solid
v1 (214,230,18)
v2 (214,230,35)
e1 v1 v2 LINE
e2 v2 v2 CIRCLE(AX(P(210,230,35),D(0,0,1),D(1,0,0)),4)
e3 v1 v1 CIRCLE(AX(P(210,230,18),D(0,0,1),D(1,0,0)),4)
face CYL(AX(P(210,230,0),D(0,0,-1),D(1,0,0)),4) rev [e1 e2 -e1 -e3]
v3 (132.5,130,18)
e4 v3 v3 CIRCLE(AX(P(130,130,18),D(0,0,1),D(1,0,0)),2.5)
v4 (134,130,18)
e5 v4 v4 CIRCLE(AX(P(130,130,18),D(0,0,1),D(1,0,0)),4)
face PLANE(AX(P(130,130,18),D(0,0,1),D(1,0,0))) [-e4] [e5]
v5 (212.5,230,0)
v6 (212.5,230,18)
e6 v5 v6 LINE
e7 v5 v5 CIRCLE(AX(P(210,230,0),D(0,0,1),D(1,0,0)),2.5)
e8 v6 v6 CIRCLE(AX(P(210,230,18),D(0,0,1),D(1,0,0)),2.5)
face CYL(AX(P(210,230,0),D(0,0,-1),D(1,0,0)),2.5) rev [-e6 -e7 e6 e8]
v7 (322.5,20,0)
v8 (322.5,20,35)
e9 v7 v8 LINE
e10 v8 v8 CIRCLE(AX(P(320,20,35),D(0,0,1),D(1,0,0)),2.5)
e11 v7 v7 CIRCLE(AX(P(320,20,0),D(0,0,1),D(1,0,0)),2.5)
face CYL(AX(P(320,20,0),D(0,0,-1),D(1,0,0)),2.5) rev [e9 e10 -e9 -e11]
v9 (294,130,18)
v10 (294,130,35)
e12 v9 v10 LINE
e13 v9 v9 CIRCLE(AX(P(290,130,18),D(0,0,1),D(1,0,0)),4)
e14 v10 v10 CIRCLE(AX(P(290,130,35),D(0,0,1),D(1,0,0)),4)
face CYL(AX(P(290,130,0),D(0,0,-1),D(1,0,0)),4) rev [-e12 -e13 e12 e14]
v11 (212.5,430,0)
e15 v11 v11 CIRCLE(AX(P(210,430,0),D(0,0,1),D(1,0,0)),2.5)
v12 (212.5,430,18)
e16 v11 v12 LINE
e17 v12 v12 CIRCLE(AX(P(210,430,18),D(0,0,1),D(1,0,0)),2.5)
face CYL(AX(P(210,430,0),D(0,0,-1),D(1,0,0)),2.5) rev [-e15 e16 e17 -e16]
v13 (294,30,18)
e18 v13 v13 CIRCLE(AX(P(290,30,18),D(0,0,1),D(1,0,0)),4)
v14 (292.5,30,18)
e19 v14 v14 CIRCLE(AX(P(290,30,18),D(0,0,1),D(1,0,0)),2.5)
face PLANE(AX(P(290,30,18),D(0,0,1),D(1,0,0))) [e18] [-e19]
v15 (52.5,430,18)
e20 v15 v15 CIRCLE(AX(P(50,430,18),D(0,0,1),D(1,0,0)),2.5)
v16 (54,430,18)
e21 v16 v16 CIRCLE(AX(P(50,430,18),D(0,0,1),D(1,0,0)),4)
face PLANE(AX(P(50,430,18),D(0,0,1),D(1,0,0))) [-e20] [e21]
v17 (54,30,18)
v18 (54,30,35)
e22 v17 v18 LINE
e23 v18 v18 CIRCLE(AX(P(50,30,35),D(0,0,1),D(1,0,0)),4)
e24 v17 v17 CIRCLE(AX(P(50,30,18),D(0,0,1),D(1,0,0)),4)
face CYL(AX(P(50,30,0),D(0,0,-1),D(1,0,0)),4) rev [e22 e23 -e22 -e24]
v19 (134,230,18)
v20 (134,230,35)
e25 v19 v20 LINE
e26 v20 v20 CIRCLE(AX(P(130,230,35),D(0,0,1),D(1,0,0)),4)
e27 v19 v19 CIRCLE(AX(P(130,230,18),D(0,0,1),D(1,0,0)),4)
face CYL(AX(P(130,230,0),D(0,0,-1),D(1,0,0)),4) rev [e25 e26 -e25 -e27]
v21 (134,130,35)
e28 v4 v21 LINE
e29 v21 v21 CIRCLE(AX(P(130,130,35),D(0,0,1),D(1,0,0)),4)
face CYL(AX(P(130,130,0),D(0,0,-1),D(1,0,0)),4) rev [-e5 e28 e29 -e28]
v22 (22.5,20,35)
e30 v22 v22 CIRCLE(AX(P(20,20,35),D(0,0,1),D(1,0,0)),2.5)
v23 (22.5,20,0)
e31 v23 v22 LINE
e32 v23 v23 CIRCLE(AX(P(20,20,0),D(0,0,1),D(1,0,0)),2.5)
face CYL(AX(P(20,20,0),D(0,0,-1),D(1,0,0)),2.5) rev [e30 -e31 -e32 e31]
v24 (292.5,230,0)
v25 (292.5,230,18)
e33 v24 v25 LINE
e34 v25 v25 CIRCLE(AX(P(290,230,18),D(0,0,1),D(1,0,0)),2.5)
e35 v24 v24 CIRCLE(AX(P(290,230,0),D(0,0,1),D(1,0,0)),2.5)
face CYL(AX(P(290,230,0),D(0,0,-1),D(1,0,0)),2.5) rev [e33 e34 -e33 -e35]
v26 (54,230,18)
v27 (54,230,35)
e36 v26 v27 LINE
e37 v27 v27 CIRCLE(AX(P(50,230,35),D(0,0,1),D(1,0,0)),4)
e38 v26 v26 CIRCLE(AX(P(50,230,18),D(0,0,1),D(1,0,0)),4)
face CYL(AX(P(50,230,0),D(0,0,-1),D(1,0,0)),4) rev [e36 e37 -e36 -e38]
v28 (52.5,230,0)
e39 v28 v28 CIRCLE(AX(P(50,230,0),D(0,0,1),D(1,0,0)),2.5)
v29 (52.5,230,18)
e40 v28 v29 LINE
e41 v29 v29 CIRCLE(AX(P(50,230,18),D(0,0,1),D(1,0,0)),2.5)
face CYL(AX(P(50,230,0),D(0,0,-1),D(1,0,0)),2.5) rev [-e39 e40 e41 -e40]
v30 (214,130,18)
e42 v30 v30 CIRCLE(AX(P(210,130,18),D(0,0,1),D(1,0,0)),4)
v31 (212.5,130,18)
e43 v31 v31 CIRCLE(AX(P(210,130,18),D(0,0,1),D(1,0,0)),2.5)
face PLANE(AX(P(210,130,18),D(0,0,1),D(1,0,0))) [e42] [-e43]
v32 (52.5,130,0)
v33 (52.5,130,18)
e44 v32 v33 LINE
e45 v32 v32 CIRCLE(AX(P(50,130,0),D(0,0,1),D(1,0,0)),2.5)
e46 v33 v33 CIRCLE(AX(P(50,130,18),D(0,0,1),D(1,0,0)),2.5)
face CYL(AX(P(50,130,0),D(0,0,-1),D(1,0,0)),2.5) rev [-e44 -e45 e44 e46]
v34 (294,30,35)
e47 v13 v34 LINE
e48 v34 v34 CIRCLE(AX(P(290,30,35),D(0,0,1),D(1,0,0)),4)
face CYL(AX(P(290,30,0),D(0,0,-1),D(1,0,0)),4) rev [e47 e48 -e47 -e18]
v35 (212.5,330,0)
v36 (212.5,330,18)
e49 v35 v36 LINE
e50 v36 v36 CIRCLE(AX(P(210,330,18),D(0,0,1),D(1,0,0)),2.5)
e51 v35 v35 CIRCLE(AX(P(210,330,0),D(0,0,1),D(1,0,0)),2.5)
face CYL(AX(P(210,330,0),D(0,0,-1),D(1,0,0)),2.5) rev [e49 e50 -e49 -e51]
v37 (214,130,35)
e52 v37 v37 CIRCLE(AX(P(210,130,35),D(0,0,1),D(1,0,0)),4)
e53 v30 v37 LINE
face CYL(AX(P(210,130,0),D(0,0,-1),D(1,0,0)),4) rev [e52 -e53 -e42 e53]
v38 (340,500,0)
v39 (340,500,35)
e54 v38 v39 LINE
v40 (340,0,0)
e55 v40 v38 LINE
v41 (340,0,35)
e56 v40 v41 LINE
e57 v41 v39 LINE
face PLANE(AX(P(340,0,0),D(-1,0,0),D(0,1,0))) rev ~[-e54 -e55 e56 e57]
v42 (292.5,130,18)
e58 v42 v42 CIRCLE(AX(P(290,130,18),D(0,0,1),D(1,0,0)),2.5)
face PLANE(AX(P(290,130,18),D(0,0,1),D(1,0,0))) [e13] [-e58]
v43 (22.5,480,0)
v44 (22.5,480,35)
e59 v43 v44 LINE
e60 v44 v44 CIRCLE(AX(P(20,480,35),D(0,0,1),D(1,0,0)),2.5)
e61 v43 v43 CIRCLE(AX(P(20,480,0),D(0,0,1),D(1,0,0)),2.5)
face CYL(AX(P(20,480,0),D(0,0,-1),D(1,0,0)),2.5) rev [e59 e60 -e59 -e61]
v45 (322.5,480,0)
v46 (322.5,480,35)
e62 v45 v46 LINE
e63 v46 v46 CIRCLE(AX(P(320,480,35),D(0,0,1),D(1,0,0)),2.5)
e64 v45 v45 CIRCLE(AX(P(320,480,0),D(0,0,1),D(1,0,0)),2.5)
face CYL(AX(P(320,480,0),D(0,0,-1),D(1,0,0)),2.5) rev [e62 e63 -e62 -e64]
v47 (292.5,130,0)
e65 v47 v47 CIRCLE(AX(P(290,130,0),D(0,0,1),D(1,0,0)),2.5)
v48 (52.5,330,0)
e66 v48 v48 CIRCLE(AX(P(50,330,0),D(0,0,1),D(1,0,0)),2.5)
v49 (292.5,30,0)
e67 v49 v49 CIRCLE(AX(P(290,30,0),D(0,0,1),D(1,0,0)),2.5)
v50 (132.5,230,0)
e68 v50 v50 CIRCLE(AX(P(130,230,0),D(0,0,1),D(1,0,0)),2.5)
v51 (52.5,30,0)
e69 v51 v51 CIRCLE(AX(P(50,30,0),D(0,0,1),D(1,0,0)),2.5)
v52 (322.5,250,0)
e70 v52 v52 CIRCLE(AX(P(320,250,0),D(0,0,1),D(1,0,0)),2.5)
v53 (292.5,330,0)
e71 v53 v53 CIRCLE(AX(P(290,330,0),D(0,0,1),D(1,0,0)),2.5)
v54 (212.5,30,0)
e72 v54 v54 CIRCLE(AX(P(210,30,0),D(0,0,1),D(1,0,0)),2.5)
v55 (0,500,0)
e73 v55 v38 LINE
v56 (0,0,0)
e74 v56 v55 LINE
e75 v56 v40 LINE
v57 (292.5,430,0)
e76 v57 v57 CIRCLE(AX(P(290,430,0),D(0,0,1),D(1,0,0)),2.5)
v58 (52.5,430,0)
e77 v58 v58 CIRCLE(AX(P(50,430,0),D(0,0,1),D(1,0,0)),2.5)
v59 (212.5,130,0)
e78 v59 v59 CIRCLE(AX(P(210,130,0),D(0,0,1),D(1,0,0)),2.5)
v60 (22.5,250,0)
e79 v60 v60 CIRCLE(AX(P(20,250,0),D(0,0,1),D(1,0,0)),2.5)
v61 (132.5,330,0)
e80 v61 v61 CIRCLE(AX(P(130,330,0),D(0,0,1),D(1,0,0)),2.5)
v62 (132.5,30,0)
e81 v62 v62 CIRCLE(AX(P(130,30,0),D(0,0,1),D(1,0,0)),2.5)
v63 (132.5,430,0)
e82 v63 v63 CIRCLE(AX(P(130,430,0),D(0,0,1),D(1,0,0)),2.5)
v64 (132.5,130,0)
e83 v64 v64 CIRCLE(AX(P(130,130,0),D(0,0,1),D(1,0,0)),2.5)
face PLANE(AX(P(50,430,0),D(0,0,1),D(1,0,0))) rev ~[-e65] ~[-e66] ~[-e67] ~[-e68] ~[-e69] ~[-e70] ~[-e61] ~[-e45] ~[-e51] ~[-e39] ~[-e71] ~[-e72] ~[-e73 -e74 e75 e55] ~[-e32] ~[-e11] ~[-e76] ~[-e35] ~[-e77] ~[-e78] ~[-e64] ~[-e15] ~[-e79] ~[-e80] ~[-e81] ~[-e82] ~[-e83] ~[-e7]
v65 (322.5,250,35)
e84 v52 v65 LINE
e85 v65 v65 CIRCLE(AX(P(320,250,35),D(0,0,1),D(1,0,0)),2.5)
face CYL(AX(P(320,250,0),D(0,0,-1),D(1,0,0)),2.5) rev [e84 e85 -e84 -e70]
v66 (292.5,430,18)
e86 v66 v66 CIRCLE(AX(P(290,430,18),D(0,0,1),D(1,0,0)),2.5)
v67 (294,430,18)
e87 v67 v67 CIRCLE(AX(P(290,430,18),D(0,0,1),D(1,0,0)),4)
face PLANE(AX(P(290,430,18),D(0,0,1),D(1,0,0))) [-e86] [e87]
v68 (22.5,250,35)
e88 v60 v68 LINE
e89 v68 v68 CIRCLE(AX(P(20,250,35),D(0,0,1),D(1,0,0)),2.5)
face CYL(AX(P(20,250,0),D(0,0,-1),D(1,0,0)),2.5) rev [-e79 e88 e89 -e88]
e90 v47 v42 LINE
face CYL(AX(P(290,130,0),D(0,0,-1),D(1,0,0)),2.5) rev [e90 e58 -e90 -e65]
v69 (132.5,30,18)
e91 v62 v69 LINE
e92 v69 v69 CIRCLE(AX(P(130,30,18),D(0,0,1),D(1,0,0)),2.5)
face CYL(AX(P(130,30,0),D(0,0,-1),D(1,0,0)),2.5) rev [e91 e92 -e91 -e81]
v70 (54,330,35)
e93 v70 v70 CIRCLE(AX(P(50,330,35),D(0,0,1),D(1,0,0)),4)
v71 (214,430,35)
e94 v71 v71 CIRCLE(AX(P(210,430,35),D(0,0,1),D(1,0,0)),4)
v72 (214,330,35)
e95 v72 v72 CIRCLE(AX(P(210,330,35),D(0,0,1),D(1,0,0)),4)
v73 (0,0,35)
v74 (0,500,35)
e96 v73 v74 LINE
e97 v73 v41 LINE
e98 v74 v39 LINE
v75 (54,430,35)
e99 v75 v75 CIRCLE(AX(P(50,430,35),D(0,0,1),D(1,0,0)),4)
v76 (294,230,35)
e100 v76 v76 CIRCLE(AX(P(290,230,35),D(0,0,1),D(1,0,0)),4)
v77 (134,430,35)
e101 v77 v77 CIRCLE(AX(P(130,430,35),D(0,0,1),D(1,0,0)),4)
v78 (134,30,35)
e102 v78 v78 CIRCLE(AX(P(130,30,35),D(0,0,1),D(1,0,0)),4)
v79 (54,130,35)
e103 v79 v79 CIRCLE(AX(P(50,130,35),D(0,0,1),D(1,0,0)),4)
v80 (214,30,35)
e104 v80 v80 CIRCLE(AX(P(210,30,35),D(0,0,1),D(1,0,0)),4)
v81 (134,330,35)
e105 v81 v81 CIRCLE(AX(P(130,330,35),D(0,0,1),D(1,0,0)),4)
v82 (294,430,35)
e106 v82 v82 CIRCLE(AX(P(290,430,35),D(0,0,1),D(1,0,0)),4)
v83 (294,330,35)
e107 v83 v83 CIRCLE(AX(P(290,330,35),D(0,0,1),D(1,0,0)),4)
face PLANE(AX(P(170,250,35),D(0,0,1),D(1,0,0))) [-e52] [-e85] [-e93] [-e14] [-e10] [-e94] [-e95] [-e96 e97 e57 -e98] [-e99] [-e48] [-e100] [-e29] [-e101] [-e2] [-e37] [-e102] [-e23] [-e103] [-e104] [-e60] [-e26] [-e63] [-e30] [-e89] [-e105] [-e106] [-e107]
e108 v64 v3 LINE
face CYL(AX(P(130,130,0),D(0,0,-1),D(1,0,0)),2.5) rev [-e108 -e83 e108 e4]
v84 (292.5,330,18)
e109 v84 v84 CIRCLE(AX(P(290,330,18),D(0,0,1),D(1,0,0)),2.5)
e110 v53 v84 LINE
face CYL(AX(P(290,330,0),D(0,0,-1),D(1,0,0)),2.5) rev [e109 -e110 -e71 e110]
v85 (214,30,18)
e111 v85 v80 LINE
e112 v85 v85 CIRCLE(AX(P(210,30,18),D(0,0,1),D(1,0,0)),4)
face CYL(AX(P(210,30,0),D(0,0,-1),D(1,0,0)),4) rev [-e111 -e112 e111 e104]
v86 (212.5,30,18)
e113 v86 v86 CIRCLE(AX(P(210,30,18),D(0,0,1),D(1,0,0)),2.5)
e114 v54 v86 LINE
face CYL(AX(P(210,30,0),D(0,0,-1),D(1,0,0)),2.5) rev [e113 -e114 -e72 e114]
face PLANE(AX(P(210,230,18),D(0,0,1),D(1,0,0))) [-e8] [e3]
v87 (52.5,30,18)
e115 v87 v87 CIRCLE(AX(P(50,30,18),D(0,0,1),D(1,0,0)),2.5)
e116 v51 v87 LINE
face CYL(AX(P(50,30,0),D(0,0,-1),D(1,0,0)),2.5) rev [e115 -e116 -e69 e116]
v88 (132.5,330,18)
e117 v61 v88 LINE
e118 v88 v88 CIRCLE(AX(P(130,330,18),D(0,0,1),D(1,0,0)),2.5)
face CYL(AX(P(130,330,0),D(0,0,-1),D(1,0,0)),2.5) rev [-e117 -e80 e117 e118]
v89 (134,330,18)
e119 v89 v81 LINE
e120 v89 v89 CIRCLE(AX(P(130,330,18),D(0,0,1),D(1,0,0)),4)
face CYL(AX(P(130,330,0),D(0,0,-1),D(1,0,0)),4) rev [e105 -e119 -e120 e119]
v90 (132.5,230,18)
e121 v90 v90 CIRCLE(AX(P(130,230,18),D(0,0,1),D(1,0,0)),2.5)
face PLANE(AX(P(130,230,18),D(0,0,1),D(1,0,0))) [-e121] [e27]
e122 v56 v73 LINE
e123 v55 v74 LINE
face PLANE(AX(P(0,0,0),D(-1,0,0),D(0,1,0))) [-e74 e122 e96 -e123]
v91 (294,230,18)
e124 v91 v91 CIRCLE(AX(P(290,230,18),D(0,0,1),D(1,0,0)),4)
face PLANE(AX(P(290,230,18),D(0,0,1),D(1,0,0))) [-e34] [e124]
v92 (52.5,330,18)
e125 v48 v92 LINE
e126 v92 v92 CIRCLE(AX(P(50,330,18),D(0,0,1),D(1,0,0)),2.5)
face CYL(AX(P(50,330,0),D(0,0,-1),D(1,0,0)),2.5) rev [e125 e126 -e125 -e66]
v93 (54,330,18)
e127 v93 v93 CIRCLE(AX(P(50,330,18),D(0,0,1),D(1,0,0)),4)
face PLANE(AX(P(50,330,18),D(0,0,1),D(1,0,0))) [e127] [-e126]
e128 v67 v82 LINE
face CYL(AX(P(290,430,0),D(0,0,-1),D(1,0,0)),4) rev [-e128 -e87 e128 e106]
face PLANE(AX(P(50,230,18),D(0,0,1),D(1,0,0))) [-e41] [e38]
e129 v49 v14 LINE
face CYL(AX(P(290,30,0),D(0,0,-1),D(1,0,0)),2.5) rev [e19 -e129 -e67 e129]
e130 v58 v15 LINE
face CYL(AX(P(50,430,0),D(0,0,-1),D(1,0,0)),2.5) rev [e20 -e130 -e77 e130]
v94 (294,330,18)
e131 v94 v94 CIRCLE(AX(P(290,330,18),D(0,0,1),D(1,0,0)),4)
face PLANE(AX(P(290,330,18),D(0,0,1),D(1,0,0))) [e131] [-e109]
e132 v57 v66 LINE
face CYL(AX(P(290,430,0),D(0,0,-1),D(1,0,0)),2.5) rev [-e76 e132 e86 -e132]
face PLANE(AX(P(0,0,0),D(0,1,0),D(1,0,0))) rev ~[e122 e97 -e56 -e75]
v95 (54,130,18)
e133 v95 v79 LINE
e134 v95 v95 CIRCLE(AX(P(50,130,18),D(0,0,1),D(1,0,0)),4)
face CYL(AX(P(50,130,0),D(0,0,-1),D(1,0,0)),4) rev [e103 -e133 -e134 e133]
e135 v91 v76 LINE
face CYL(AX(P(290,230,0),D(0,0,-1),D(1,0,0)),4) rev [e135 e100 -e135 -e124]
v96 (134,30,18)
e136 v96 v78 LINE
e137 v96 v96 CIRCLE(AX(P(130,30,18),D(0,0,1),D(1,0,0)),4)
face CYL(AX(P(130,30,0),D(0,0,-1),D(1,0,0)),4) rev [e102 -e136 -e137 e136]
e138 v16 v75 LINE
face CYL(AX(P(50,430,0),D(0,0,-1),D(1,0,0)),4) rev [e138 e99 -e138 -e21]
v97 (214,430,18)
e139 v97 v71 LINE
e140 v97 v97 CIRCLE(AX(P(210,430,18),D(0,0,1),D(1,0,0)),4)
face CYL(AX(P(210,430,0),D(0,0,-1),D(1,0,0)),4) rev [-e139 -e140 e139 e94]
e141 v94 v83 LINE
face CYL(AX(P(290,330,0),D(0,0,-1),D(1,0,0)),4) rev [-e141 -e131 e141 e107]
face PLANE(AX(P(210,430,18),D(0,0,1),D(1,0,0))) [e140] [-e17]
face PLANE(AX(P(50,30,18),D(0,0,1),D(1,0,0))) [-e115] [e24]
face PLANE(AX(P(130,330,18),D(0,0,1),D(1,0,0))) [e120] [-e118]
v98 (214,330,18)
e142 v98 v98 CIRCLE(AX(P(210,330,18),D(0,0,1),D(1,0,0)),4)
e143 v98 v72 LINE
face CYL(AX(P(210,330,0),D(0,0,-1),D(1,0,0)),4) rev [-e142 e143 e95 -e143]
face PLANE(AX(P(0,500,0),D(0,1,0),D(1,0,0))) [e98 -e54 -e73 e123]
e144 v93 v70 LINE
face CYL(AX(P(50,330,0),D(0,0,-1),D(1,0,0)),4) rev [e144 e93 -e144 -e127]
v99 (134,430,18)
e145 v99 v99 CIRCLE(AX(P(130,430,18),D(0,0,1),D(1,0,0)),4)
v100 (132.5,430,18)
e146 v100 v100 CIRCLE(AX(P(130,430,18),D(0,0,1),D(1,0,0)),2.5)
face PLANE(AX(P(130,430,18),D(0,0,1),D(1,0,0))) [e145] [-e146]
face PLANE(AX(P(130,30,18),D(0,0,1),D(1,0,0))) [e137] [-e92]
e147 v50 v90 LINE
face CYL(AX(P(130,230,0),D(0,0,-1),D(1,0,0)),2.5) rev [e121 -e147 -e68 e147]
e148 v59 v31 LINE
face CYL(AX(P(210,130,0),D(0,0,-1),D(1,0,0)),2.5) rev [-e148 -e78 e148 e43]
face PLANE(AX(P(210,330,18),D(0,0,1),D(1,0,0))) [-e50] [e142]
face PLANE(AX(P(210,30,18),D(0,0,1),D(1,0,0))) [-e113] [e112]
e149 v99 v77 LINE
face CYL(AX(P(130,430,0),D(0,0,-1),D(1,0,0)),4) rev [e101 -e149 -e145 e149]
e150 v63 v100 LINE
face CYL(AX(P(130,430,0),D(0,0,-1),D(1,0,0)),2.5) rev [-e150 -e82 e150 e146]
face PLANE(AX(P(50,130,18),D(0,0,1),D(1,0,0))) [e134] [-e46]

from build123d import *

# Parameters (mm, degrees)
F0_W     = 340
F0_H     = 500
F0_R     = 2.5
F0_R_2   = 4
F1_DEPTH = 35
F2_DEPTH = 18


with BuildPart() as f1:
    # F0 (on Top) → F1 (new body)
    with BuildSketch(Plane.XY):
        with Locations((170, 250)):
            Rectangle(F0_W, F0_H)
        with Locations((20, 20)):
            Circle(F0_R, mode=Mode.SUBTRACT)
        with Locations((50, 30)):
            Circle(F0_R_2, mode=Mode.SUBTRACT)
        with Locations((130, 30)):
            Circle(F0_R_2, mode=Mode.SUBTRACT)
        with Locations((50, 130)):
            Circle(F0_R_2, mode=Mode.SUBTRACT)
        with Locations((50, 230)):
            Circle(F0_R_2, mode=Mode.SUBTRACT)
        with Locations((130, 130)):
            Circle(F0_R_2, mode=Mode.SUBTRACT)
        with Locations((130, 230)):
            Circle(F0_R_2, mode=Mode.SUBTRACT)
        with Locations((210, 30)):
            Circle(F0_R_2, mode=Mode.SUBTRACT)
        with Locations((290, 30)):
            Circle(F0_R_2, mode=Mode.SUBTRACT)
        with Locations((320, 20)):
            Circle(F0_R, mode=Mode.SUBTRACT)
        with Locations((210, 130)):
            Circle(F0_R_2, mode=Mode.SUBTRACT)
        with Locations((210, 230)):
            Circle(F0_R_2, mode=Mode.SUBTRACT)
        with Locations((290, 130)):
            Circle(F0_R_2, mode=Mode.SUBTRACT)
        with Locations((290, 230)):
            Circle(F0_R_2, mode=Mode.SUBTRACT)
        with Locations((20, 250)):
            Circle(F0_R, mode=Mode.SUBTRACT)
        with Locations((50, 330)):
            Circle(F0_R_2, mode=Mode.SUBTRACT)
        with Locations((130, 330)):
            Circle(F0_R_2, mode=Mode.SUBTRACT)
        with Locations((50, 430)):
            Circle(F0_R_2, mode=Mode.SUBTRACT)
        with Locations((20, 480)):
            Circle(F0_R, mode=Mode.SUBTRACT)
        with Locations((130, 430)):
            Circle(F0_R_2, mode=Mode.SUBTRACT)
        with Locations((210, 330)):
            Circle(F0_R_2, mode=Mode.SUBTRACT)
        with Locations((320, 250)):
            Circle(F0_R, mode=Mode.SUBTRACT)
        with Locations((290, 330)):
            Circle(F0_R_2, mode=Mode.SUBTRACT)
        with Locations((210, 430)):
            Circle(F0_R_2, mode=Mode.SUBTRACT)
        with Locations((290, 430)):
            Circle(F0_R_2, mode=Mode.SUBTRACT)
        with Locations((320, 480)):
            Circle(F0_R, mode=Mode.SUBTRACT)
    extrude(amount=F1_DEPTH)

    # F0 (on Top) → F2 (join)
    with BuildSketch(Plane.XY):
        with Locations((50, 430)):
            Circle(F0_R_2)
        with Locations((50, 430)):
            Circle(F0_R, mode=Mode.SUBTRACT)
        with Locations((130, 430)):
            Circle(F0_R_2)
        with Locations((130, 430)):
            Circle(F0_R, mode=Mode.SUBTRACT)
        with Locations((50, 330)):
            Circle(F0_R_2)
        with Locations((50, 330)):
            Circle(F0_R, mode=Mode.SUBTRACT)
        with Locations((130, 330)):
            Circle(F0_R_2)
        with Locations((130, 330)):
            Circle(F0_R, mode=Mode.SUBTRACT)
        with Locations((210, 430)):
            Circle(F0_R_2)
        with Locations((210, 430)):
            Circle(F0_R, mode=Mode.SUBTRACT)
        with Locations((210, 330)):
            Circle(F0_R_2)
        with Locations((210, 330)):
            Circle(F0_R, mode=Mode.SUBTRACT)
        with Locations((290, 330)):
            Circle(F0_R_2)
        with Locations((290, 330)):
            Circle(F0_R, mode=Mode.SUBTRACT)
        with Locations((290, 430)):
            Circle(F0_R_2)
        with Locations((290, 430)):
            Circle(F0_R, mode=Mode.SUBTRACT)
        with Locations((50, 230)):
            Circle(F0_R_2)
        with Locations((50, 230)):
            Circle(F0_R, mode=Mode.SUBTRACT)
        with Locations((130, 230)):
            Circle(F0_R_2)
        with Locations((130, 230)):
            Circle(F0_R, mode=Mode.SUBTRACT)
        with Locations((210, 230)):
            Circle(F0_R_2)
        with Locations((210, 230)):
            Circle(F0_R, mode=Mode.SUBTRACT)
        with Locations((290, 230)):
            Circle(F0_R_2)
        with Locations((290, 230)):
            Circle(F0_R, mode=Mode.SUBTRACT)
        with Locations((50, 130)):
            Circle(F0_R_2)
        with Locations((50, 130)):
            Circle(F0_R, mode=Mode.SUBTRACT)
        with Locations((130, 130)):
            Circle(F0_R_2)
        with Locations((130, 130)):
            Circle(F0_R, mode=Mode.SUBTRACT)
        with Locations((210, 130)):
            Circle(F0_R_2)
        with Locations((210, 130)):
            Circle(F0_R, mode=Mode.SUBTRACT)
        with Locations((290, 130)):
            Circle(F0_R_2)
        with Locations((290, 130)):
            Circle(F0_R, mode=Mode.SUBTRACT)
        with Locations((50, 30)):
            Circle(F0_R_2)
        with Locations((50, 30)):
            Circle(F0_R, mode=Mode.SUBTRACT)
        with Locations((130, 30)):
            Circle(F0_R_2)
        with Locations((130, 30)):
            Circle(F0_R, mode=Mode.SUBTRACT)
        with Locations((210, 30)):
            Circle(F0_R_2)
        with Locations((210, 30)):
            Circle(F0_R, mode=Mode.SUBTRACT)
        with Locations((290, 30)):
            Circle(F0_R_2)
        with Locations((290, 30)):
            Circle(F0_R, mode=Mode.SUBTRACT)
    extrude(amount=F2_DEPTH)


solid = f1.part
